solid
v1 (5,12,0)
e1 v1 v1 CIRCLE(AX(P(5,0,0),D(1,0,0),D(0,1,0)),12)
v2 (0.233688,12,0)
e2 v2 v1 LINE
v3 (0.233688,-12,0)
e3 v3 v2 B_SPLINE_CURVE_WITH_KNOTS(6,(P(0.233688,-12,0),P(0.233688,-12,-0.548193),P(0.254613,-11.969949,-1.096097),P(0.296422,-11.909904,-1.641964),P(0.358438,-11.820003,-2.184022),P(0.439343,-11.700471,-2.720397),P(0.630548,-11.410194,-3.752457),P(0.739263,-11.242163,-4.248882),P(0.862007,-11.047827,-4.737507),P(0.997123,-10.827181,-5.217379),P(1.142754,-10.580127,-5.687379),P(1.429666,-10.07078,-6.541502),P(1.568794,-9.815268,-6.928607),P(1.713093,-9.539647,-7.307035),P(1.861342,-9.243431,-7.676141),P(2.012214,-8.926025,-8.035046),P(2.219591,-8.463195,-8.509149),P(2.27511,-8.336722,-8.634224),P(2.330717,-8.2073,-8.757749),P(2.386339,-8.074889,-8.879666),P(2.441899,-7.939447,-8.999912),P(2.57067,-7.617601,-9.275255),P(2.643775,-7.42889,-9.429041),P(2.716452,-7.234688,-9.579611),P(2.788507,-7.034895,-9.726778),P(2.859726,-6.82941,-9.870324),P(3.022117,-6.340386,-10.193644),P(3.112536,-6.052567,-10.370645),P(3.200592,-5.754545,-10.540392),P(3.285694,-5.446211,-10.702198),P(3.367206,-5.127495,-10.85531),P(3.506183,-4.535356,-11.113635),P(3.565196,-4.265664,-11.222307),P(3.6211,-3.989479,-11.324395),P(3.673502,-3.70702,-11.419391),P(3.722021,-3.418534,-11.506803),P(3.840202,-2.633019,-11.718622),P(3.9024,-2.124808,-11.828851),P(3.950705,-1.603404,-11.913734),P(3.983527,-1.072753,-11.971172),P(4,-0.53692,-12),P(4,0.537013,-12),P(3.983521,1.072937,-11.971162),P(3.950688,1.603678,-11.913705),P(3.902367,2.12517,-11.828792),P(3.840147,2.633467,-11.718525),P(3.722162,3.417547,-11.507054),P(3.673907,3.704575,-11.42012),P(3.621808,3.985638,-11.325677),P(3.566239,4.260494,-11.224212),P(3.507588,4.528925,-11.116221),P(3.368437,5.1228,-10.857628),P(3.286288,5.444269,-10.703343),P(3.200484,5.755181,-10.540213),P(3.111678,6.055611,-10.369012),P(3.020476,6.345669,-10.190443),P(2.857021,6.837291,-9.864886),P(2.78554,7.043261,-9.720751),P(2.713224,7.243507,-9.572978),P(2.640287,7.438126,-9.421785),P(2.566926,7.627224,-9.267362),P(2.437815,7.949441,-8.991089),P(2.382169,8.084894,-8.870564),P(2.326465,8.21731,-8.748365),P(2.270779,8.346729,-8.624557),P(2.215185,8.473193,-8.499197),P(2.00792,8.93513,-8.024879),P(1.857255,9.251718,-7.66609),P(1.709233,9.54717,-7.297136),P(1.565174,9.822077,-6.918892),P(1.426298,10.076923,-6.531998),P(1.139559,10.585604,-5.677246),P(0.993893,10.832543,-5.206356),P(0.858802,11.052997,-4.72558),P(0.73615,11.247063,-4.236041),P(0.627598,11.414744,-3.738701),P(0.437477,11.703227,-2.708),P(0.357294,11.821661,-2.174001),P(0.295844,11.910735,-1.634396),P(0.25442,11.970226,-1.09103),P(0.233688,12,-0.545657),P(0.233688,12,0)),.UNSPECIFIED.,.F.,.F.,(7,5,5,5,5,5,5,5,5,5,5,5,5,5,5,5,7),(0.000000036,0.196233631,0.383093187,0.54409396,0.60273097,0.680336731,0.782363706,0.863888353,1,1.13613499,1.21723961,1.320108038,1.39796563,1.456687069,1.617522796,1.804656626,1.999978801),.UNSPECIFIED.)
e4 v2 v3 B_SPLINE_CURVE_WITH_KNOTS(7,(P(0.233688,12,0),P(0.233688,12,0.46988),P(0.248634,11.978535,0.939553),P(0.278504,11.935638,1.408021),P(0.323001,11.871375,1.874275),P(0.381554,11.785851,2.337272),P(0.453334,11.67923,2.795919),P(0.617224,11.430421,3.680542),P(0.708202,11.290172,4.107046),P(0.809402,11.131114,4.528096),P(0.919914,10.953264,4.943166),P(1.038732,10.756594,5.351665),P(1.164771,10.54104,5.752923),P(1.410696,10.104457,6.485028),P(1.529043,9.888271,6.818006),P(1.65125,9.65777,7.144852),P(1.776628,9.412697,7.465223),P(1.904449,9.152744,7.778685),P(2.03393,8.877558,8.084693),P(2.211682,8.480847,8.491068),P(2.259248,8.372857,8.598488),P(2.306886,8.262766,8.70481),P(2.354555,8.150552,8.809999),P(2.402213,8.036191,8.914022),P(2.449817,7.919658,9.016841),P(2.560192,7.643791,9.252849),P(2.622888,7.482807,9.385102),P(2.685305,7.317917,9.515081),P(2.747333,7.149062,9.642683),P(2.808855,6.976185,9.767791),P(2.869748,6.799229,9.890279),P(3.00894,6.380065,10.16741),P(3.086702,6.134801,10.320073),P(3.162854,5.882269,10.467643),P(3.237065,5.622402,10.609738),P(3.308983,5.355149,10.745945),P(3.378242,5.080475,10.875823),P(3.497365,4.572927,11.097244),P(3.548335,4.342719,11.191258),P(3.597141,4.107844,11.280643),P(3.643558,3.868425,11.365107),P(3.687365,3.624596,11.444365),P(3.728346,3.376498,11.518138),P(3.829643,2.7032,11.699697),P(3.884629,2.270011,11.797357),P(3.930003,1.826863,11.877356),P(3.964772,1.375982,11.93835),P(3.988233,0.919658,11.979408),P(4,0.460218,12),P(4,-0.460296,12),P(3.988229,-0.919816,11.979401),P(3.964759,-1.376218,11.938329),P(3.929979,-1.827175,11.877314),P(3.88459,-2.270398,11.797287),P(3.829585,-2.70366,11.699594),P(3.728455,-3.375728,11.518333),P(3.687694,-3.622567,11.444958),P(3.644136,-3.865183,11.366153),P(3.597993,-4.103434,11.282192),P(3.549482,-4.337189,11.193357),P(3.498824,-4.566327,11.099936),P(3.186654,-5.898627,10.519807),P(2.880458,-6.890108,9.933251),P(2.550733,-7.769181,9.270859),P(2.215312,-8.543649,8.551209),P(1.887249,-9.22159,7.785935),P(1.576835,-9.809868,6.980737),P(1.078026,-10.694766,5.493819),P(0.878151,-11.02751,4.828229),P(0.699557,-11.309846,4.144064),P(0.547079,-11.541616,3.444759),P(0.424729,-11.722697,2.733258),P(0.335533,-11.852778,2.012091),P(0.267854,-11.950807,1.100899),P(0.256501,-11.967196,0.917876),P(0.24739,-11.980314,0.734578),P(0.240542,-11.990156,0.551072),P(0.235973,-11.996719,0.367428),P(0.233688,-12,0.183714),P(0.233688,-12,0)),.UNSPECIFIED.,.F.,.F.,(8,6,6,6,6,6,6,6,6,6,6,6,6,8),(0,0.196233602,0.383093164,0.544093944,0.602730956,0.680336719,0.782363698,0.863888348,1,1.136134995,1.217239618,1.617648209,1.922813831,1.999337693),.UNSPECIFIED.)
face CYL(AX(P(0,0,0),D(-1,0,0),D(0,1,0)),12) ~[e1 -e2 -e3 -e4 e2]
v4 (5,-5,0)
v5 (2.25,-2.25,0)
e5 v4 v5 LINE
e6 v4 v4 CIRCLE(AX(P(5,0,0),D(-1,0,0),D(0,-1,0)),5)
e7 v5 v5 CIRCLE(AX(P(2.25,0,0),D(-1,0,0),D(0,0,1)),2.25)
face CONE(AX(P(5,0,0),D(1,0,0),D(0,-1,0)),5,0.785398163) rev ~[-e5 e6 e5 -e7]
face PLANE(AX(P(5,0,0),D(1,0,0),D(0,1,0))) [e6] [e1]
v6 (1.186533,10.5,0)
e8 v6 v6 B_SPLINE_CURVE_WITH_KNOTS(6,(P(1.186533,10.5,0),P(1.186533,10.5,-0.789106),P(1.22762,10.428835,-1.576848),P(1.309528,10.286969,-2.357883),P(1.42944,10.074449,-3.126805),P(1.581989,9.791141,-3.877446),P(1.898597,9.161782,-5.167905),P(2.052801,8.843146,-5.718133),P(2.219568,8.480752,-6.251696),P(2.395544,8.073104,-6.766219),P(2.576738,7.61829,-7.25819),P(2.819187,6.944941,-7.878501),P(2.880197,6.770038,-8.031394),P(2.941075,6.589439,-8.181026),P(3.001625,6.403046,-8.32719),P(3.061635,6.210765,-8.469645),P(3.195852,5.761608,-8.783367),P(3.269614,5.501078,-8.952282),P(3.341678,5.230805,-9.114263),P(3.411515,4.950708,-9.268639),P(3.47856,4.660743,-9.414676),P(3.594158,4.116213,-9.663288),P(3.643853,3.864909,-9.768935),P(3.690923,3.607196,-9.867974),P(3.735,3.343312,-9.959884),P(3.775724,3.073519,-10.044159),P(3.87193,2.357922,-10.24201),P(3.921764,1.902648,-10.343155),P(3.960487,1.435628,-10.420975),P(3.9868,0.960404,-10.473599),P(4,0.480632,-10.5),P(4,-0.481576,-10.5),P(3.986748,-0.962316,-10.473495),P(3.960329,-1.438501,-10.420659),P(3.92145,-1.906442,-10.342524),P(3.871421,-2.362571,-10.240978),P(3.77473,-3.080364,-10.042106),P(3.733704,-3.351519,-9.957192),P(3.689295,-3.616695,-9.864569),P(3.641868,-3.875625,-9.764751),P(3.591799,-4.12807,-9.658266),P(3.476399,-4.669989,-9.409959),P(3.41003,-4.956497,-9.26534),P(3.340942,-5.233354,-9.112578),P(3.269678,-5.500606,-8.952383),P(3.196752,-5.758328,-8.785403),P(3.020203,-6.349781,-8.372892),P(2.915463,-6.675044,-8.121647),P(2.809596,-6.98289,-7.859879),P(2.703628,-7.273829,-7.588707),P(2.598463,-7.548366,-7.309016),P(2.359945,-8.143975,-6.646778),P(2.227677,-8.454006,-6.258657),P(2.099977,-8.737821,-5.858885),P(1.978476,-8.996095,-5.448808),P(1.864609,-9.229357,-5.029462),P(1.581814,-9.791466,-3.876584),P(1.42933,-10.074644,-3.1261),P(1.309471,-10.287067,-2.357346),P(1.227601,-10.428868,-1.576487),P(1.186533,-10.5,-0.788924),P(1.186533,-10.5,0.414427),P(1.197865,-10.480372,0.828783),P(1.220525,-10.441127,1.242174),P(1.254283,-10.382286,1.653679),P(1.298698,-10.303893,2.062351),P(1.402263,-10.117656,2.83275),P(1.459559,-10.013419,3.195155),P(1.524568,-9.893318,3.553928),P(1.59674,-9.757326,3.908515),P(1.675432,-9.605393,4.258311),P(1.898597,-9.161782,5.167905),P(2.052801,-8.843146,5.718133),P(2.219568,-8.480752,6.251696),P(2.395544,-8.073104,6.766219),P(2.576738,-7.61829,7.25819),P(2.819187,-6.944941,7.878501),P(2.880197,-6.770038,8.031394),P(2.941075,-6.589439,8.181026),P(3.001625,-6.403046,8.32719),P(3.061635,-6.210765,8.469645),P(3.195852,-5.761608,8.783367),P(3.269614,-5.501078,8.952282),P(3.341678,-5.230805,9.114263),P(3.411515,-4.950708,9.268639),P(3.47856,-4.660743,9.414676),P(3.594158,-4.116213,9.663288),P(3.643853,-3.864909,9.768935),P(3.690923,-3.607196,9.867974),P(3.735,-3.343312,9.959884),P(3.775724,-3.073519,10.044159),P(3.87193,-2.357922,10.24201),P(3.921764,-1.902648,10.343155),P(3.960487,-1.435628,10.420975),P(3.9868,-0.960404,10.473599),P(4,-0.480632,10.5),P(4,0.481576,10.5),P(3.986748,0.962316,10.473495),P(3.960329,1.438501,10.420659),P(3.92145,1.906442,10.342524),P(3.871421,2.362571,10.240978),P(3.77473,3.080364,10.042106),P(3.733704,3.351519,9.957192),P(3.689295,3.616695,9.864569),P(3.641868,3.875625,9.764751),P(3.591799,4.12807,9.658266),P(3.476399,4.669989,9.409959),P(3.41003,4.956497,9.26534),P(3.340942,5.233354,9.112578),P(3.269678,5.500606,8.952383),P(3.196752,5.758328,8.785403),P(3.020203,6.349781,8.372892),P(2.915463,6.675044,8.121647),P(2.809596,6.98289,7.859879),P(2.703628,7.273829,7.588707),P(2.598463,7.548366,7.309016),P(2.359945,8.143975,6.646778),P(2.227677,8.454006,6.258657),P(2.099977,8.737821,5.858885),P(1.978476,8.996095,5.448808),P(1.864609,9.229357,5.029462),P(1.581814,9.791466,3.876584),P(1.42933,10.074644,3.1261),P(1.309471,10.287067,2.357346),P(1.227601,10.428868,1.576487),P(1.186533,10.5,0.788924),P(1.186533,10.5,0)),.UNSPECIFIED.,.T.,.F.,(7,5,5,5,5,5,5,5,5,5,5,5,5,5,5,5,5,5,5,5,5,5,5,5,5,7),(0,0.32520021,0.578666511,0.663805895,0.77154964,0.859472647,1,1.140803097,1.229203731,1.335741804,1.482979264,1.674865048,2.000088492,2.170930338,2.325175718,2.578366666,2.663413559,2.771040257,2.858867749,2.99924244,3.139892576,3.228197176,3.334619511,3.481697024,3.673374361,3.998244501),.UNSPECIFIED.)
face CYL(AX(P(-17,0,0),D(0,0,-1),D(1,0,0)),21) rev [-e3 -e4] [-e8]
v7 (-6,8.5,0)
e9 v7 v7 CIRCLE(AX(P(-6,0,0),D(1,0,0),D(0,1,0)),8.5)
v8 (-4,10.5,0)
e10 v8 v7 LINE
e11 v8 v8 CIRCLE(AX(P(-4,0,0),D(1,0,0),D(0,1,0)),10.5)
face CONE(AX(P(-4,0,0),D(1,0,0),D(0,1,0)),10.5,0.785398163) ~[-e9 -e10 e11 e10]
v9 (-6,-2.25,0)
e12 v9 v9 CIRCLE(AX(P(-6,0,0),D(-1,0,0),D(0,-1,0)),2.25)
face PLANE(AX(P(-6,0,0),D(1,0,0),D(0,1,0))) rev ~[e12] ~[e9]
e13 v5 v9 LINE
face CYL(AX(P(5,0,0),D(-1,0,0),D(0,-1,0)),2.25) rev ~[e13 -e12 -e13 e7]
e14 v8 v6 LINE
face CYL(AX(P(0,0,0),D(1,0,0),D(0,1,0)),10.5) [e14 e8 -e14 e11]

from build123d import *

# Parameters (mm, degrees)
F0_R           = 12
F1_DEPTH       = 5
F2_R           = 21
F3_DEPTH       = 12.001
F3_DEPTH_BACK  = 12.001
F4_R           = 10.5
F5_DEPTH       = 6
F5_DEPTH_BACK  = 4
F6_SIZE        = 2
F8_D           = 4.5
F8_CSINK_D     = 10
F8_CSINK_ANGLE = 90


with BuildPart() as f1:
    # F0 (on Right) → F1 (new body)
    with BuildSketch(Plane.YZ):
        Circle(F0_R)
    extrude(amount=F1_DEPTH)

    # F2 (on Top) → F3 (cut, two sides)
    with BuildSketch(Plane.XY) as f3_sk:
        with Locations((-17, 0)):
            Circle(F2_R)
    extrude(amount=-F3_DEPTH, mode=Mode.SUBTRACT)
    extrude(f3_sk.sketch, amount=F3_DEPTH_BACK, mode=Mode.SUBTRACT)

    # F4 (on Right) → F5 (join, two sides)
    with BuildSketch(Plane.YZ) as f5_sk:
        Circle(F4_R)
    extrude(amount=-F5_DEPTH)
    extrude(f5_sk.sketch, amount=F5_DEPTH_BACK)

    # F6
    f6_edges = [f1.edges().sort_by_distance(p)[0] for p in [
        (-6, -10.5, 0),
    ]]
    chamfer(f6_edges, length=F6_SIZE)

    # F8 (through all)
    with Locations(Plane.YZ.offset(5)):
        with Locations((0, 0)):
            CounterSinkHole(F8_D / 2, F8_CSINK_D / 2, counter_sink_angle=F8_CSINK_ANGLE)


solid = f1.part
